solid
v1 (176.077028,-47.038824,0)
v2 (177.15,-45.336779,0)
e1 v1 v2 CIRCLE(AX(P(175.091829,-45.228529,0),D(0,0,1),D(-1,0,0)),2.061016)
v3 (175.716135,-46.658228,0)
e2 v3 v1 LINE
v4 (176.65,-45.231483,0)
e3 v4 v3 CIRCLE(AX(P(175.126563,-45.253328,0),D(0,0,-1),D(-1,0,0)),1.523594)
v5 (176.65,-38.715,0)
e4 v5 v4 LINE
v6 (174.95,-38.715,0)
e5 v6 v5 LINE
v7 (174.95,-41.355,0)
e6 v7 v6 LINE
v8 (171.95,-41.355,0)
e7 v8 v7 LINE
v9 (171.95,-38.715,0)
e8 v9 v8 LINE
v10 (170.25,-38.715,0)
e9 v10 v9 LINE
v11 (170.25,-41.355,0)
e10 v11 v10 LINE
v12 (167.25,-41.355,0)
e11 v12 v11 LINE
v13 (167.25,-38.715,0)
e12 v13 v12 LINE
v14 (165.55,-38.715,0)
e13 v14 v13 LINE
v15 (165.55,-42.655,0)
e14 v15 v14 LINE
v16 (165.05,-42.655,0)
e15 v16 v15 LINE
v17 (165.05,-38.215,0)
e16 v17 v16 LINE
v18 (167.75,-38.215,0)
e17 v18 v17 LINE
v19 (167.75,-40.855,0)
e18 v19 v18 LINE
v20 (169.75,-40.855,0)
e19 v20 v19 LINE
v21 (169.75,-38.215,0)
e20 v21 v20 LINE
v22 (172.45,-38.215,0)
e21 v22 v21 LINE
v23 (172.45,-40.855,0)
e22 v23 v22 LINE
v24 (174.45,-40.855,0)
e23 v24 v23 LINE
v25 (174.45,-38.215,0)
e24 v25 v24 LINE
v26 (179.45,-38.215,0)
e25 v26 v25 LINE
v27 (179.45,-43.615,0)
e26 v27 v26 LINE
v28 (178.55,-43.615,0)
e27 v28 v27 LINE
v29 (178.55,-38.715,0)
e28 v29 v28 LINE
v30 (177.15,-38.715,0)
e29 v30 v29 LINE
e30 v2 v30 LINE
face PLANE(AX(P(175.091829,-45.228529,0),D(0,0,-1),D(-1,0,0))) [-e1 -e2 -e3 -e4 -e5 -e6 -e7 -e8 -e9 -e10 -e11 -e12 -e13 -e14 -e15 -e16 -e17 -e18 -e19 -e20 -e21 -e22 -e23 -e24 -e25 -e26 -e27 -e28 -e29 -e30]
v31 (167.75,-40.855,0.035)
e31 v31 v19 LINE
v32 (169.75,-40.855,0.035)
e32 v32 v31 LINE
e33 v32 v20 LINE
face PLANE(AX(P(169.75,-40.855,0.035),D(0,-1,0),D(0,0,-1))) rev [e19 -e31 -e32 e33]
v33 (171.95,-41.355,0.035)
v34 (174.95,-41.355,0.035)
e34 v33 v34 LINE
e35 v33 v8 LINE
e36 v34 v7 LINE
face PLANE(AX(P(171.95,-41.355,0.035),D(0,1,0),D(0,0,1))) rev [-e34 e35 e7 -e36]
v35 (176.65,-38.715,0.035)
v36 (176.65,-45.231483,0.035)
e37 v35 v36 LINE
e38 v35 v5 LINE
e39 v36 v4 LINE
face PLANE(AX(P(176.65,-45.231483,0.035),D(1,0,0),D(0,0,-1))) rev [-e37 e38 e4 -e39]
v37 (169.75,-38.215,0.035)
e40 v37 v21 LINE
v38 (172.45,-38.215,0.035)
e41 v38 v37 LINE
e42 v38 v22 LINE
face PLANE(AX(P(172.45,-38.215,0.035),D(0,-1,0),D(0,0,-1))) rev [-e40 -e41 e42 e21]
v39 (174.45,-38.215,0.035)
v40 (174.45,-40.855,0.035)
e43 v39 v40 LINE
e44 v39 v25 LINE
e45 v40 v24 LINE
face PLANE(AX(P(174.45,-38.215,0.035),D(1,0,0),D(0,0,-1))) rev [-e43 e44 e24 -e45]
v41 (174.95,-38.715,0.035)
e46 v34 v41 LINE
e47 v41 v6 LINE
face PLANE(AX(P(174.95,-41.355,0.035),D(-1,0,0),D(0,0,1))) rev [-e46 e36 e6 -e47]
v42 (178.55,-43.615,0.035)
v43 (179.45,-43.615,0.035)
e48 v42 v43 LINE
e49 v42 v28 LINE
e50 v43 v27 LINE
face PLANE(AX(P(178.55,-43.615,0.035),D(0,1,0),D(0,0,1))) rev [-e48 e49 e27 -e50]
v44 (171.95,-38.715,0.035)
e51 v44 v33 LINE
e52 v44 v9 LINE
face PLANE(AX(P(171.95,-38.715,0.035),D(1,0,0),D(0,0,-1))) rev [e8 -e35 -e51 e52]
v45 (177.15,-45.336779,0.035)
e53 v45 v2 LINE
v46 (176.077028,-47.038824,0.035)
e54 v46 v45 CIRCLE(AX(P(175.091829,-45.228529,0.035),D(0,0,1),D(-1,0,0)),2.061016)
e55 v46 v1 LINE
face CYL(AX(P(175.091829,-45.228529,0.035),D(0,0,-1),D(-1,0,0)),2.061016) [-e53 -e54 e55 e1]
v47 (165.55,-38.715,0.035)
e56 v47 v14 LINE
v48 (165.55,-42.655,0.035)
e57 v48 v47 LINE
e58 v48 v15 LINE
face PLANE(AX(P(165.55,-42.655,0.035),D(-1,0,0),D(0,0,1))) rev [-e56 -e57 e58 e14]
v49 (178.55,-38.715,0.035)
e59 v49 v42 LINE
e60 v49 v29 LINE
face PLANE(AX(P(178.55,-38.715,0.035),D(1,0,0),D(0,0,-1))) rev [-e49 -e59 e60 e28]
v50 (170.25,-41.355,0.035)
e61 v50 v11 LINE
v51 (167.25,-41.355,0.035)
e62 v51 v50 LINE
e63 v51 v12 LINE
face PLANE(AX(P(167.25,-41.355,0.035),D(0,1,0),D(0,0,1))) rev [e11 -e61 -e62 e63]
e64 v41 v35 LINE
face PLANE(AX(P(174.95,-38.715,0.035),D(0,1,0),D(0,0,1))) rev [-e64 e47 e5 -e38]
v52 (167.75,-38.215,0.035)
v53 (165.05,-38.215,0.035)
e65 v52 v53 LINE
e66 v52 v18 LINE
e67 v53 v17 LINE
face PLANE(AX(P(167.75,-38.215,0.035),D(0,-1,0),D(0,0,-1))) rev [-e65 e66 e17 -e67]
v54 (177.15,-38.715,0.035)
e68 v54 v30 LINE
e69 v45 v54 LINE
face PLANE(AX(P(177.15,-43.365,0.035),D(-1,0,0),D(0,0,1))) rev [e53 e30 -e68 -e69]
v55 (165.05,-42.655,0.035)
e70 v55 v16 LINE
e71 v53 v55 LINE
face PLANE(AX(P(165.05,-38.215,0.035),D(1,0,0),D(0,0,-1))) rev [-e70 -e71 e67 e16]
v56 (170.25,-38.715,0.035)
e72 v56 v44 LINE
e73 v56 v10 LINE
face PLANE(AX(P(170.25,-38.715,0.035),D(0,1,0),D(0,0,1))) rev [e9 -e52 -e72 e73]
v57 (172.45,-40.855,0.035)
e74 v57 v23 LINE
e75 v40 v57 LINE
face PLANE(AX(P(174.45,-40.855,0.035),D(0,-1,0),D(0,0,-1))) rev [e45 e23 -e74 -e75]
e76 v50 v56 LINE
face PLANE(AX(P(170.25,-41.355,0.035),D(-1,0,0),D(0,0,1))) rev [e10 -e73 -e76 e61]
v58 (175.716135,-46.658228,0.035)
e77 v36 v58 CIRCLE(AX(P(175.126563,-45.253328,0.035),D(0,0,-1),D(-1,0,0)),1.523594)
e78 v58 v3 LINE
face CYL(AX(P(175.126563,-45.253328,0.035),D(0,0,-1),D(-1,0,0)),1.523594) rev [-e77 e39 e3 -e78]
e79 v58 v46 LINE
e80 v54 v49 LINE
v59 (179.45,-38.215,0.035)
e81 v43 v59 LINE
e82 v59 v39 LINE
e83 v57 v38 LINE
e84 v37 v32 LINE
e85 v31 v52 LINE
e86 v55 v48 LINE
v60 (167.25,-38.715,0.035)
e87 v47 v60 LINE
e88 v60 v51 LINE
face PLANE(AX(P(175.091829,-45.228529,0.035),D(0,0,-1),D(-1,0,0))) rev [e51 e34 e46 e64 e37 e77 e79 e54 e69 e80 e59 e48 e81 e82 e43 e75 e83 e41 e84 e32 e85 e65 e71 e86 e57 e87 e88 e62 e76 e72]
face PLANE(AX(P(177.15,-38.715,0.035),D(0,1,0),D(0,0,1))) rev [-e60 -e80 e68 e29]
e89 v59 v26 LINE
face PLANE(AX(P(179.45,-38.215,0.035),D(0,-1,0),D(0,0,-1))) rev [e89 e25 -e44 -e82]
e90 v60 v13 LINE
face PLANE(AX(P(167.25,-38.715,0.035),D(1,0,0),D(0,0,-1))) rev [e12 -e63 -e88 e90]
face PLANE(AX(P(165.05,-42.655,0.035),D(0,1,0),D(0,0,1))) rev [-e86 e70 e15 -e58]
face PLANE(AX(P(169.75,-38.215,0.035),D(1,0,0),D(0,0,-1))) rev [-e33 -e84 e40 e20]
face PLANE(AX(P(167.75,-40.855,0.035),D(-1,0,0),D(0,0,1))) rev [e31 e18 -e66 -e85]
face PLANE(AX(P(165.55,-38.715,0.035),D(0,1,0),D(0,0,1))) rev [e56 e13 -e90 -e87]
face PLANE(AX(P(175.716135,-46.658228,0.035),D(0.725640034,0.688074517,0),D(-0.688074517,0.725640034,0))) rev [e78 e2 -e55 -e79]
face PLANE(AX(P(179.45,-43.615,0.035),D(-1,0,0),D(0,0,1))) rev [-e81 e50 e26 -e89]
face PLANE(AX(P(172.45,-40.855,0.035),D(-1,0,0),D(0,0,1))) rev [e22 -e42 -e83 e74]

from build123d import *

# Parameters (mm, degrees)
BOSS_EXTRUDE1_DEPTH = 0.035


with BuildPart() as part:
    # Sketch2 → Boss-Extrude1 (new body)
    with BuildSketch(Plane.XY):
        with BuildLine():
            Line((177.15, -43.365), (177.15, -38.715))
            Line((177.15, -38.715), (178.55, -38.715))
            Line((178.55, -38.715), (178.55, -43.615))
            Line((178.55, -43.615), (179.45, -43.615))
            Line((179.45, -43.615), (179.45, -38.215))
            Line((179.45, -38.215), (174.45, -38.215))
            Line((174.45, -38.215), (174.45, -40.855))
            Line((174.45, -40.855), (172.45, -40.855))
            Line((172.45, -40.855), (172.45, -38.215))
            Line((172.45, -38.215), (169.75, -38.215))
            Line((169.75, -38.215), (169.75, -40.855))
            Line((169.75, -40.855), (167.75, -40.855))
            Line((167.75, -40.855), (167.75, -38.215))
            Line((167.75, -38.215), (165.05, -38.215))
            Line((165.05, -38.215), (165.05, -42.655))
            Line((165.05, -42.655), (165.55, -42.655))
            Line((165.55, -42.655), (165.55, -38.715))
            Line((165.55, -38.715), (167.25, -38.715))
            Line((167.25, -38.715), (167.25, -41.355))
            Line((167.25, -41.355), (170.25, -41.355))
            Line((170.25, -41.355), (170.25, -38.715))
            Line((170.25, -38.715), (171.95, -38.715))
            Line((171.95, -38.715), (171.95, -41.355))
            Line((171.95, -41.355), (174.95, -41.355))
            Line((174.95, -41.355), (174.95, -38.715))
            Line((174.95, -38.715), (176.65, -38.715))
            Line((176.65, -38.715), (176.65, -43.494121754))
            Line((176.65, -43.494121754), (176.65, -45.231483))
            ThreePointArc((176.65, -45.231483), (176.401357883, -46.087735796), (175.716135, -46.658228))
            Line((175.716135, -46.658228), (176.077028, -47.038824))
            ThreePointArc((176.077028, -47.038824), (176.835321007, -46.327629006), (177.15, -45.336779))
            Line((177.15, -45.336779), (177.15, -43.365))
        make_face()
    extrude(amount=BOSS_EXTRUDE1_DEPTH)


solid = part.part
